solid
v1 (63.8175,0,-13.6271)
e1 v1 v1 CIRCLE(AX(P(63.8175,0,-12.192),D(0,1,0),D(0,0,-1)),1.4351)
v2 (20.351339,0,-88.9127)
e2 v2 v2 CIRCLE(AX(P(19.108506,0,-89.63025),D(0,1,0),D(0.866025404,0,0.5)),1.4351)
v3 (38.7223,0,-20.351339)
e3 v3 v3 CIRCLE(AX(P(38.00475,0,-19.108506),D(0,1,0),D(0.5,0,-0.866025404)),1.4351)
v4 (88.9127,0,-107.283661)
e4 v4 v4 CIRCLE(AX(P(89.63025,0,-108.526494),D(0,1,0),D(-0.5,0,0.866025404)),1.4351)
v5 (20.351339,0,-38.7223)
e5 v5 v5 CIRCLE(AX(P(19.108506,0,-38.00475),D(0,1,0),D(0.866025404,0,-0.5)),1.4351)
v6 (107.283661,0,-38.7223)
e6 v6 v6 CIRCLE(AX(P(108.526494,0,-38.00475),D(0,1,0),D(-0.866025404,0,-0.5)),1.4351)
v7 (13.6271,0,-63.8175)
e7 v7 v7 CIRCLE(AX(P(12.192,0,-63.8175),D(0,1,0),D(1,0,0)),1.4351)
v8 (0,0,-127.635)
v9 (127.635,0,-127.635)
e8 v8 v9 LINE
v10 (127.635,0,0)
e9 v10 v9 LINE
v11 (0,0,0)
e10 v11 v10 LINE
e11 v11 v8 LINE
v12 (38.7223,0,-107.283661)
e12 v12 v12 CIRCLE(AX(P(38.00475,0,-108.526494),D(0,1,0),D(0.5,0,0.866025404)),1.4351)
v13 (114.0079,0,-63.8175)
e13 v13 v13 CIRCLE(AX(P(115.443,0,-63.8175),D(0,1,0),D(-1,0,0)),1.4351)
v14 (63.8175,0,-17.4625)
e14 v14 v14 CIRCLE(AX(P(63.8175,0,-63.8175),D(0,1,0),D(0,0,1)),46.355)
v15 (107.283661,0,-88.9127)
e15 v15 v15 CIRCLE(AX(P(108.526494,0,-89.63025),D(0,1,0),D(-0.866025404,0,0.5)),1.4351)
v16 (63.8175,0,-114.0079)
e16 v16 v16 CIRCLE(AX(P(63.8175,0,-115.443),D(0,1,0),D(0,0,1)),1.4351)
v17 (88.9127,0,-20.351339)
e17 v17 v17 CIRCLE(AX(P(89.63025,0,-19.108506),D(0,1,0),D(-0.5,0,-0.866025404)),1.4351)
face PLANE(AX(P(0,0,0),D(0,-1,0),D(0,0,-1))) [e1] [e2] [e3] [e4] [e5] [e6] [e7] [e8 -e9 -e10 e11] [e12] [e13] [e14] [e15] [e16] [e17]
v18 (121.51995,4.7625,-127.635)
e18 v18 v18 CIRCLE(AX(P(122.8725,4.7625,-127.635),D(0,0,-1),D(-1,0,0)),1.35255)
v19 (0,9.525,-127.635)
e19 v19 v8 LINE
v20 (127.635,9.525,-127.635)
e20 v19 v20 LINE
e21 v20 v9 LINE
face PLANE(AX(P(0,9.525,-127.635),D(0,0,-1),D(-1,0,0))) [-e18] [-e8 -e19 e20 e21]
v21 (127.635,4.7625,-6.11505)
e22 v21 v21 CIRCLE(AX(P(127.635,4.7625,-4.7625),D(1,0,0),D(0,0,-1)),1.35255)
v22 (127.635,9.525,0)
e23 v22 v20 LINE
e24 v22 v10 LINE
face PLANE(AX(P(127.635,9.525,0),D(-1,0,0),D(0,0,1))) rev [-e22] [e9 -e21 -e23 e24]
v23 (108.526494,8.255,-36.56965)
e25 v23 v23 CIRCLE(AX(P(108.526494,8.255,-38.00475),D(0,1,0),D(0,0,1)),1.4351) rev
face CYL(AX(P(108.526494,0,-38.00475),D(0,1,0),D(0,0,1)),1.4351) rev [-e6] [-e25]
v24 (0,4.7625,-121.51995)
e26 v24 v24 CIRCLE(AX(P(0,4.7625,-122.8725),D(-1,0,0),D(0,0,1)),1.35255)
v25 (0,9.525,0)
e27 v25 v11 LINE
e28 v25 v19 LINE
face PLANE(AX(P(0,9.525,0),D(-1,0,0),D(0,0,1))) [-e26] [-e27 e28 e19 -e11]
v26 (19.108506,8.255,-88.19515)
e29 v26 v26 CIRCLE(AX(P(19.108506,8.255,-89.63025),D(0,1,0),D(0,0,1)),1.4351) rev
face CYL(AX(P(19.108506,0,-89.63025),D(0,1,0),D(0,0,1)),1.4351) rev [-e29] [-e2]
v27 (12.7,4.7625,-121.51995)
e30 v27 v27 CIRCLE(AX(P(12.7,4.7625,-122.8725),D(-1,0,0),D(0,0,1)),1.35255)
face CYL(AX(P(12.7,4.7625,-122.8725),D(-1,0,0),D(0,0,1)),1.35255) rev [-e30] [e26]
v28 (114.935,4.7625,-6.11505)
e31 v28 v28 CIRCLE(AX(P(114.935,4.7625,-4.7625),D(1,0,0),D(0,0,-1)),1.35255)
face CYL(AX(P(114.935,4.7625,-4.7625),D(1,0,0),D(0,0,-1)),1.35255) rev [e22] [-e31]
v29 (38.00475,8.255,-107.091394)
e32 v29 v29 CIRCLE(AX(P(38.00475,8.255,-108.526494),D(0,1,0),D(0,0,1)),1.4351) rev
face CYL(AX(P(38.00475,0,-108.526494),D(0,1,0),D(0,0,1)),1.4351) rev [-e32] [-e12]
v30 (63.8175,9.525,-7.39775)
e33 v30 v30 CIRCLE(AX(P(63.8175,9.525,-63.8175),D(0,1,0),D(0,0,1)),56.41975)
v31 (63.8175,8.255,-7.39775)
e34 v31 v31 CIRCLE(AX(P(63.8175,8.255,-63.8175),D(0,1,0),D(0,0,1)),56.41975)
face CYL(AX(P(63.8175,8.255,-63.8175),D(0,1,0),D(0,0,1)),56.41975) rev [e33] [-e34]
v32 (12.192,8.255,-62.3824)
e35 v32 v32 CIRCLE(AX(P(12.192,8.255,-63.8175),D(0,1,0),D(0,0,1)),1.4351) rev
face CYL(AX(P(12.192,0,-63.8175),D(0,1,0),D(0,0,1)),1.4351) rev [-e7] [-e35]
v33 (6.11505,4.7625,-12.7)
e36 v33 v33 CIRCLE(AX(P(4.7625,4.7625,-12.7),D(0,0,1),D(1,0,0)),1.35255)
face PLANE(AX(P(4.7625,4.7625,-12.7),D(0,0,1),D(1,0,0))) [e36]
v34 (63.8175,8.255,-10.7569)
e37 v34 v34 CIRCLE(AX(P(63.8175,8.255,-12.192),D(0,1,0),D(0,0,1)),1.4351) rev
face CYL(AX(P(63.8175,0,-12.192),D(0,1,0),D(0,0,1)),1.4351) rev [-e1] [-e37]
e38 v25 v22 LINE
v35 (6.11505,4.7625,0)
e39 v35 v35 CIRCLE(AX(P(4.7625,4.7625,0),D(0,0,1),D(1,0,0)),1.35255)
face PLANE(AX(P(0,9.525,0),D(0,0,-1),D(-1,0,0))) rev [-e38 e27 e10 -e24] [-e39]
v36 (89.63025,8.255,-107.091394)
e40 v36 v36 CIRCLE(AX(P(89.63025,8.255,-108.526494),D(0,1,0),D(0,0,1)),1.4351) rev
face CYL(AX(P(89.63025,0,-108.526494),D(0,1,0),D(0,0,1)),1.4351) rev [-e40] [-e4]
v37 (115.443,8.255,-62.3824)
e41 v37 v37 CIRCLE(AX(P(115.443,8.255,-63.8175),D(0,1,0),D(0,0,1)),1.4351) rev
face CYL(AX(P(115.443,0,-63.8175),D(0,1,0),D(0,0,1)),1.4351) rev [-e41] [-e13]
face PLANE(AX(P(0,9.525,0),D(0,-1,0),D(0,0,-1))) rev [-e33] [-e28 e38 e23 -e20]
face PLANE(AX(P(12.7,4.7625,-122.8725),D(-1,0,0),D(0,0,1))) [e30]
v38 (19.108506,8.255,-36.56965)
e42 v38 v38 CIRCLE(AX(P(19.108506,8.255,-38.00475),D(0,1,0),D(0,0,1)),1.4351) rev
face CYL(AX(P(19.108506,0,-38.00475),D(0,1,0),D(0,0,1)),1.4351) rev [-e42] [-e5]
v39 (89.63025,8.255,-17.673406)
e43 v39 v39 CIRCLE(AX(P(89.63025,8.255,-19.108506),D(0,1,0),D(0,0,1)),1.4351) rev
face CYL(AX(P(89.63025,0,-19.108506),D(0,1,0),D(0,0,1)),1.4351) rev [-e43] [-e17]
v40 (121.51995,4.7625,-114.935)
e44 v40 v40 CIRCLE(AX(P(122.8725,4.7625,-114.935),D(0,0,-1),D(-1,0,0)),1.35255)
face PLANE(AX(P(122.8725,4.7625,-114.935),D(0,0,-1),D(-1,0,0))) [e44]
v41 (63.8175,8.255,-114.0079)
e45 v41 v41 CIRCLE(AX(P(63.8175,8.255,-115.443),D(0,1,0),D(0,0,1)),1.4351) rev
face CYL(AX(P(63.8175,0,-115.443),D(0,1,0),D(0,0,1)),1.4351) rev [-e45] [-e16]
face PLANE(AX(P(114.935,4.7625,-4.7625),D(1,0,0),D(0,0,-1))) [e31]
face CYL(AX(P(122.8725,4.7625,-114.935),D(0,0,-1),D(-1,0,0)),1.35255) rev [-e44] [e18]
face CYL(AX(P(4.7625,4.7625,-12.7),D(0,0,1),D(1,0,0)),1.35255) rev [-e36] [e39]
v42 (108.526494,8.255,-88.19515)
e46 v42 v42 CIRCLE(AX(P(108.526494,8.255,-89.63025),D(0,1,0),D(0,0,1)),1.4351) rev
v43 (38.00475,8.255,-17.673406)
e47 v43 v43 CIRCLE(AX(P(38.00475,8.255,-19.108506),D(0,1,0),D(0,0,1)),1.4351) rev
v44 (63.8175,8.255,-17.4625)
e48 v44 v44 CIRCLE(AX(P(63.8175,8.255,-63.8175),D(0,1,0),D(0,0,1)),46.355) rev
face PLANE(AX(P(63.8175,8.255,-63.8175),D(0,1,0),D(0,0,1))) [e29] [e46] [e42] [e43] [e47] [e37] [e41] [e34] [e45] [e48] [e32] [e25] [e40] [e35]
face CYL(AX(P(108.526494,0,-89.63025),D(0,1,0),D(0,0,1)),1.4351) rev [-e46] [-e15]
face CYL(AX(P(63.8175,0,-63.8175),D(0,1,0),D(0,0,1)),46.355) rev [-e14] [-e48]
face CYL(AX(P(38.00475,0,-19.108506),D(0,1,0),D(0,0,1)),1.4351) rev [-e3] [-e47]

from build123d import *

# Parameters (mm, degrees)
SKETCH1_W           = 127.635
SKETCH1_H           = 127.635
BOSS_EXTRUDE1_DEPTH = 9.525
SKETCH6_R           = 1.35255
F_6_32_HOLE1_DEPTH  = 12.7
SKETCH7_R           = 1.35255
F_6_32_HOLE2_DEPTH  = 12.7
SKETCH8_R           = 1.35255
F_6_32_HOLE3_DEPTH  = 12.7
SKETCH9_R           = 1.35255
F_6_32_HOLE4_DEPTH  = 12.7
SKETCH5_R           = 46.355
CUT_EXTRUDE1_DEPTH  = 9.525
SKETCH11_R          = 1.4351
CUT_EXTRUDE3_DEPTH  = 10.525
CIRPATTERN1_COUNT   = 12
SKETCH12_R          = 56.41975
CUT_EXTRUDE4_DEPTH  = 1.27


with BuildPart() as part:
    # Sketch1 → Boss-Extrude1 (new body)
    with BuildSketch(Plane(origin=(0, 0, 0), x_dir=(1, 0, 0), z_dir=(0, 1, 0))):
        with Locations((63.8175, 63.8175)):
            Rectangle(SKETCH1_W, SKETCH1_H)
    extrude(amount=BOSS_EXTRUDE1_DEPTH)

    # Sketch6 → 6-32 hole1 (cut)
    with BuildSketch(Plane(origin=(127.635, 0, 0), x_dir=(0, 0, -1), z_dir=(1, 0, 0))):
        with Locations((4.7625, 4.7625)):
            Circle(SKETCH6_R)
    extrude(amount=-F_6_32_HOLE1_DEPTH, mode=Mode.SUBTRACT)

    # Sketch7 → 6-32 hole2 (cut)
    with BuildSketch(Plane(origin=(0, 0, -127.635), x_dir=(-1, 0, 0), z_dir=(0, 0, -1))):
        with Locations((-122.8725, 4.7625)):
            Circle(SKETCH7_R)
    extrude(amount=-F_6_32_HOLE2_DEPTH, mode=Mode.SUBTRACT)

    # Sketch8 → 6-32 hole3 (cut)
    with BuildSketch(Plane.ZY):
        with Locations((-122.8725, 4.7625)):
            Circle(SKETCH8_R)
    extrude(amount=-F_6_32_HOLE3_DEPTH, mode=Mode.SUBTRACT)

    # Sketch9 → 6-32 hole4 (cut)
    with BuildSketch(Plane.XY):
        with Locations((4.7625, 4.7625)):
            Circle(SKETCH9_R)
    extrude(amount=-F_6_32_HOLE4_DEPTH, mode=Mode.SUBTRACT)

    # Sketch5 → Cut-Extrude1 (cut)
    with BuildSketch(Plane(origin=(0, 9.525, 0), x_dir=(1, 0, 0), z_dir=(0, 1, 0))):
        with Locations((63.8175, 63.8175)):
            Circle(SKETCH5_R)
    extrude(amount=-CUT_EXTRUDE1_DEPTH, mode=Mode.SUBTRACT)

    # Sketch11 → Cut-Extrude3 (cut, through all)
    with BuildSketch(Plane(origin=(0, 9.525, 0), x_dir=(1, 0, 0), z_dir=(0, 1, 0))):
        with Locations((63.8175, 115.443)):
            Circle(SKETCH11_R)
    cut_extrude3 = extrude(amount=-CUT_EXTRUDE3_DEPTH, mode=Mode.SUBTRACT)

    # CirPattern1: Cut-Extrude3 ×12 about axis
    cirpattern1_axis = Axis((63.8175, 0, -63.8175), (0, 1, 0))
    for i in range(1, CIRPATTERN1_COUNT):
        add(cut_extrude3.rotate(cirpattern1_axis, i * 360 / CIRPATTERN1_COUNT), mode=Mode.SUBTRACT)

    # Sketch12 → Cut-Extrude4 (cut)
    with BuildSketch(Plane(origin=(0, 9.525, 0), x_dir=(1, 0, 0), z_dir=(0, 1, 0))):
        with Locations((63.8175, 63.8175)):
            Circle(SKETCH12_R)
    extrude(amount=-CUT_EXTRUDE4_DEPTH, mode=Mode.SUBTRACT)


solid = part.part
